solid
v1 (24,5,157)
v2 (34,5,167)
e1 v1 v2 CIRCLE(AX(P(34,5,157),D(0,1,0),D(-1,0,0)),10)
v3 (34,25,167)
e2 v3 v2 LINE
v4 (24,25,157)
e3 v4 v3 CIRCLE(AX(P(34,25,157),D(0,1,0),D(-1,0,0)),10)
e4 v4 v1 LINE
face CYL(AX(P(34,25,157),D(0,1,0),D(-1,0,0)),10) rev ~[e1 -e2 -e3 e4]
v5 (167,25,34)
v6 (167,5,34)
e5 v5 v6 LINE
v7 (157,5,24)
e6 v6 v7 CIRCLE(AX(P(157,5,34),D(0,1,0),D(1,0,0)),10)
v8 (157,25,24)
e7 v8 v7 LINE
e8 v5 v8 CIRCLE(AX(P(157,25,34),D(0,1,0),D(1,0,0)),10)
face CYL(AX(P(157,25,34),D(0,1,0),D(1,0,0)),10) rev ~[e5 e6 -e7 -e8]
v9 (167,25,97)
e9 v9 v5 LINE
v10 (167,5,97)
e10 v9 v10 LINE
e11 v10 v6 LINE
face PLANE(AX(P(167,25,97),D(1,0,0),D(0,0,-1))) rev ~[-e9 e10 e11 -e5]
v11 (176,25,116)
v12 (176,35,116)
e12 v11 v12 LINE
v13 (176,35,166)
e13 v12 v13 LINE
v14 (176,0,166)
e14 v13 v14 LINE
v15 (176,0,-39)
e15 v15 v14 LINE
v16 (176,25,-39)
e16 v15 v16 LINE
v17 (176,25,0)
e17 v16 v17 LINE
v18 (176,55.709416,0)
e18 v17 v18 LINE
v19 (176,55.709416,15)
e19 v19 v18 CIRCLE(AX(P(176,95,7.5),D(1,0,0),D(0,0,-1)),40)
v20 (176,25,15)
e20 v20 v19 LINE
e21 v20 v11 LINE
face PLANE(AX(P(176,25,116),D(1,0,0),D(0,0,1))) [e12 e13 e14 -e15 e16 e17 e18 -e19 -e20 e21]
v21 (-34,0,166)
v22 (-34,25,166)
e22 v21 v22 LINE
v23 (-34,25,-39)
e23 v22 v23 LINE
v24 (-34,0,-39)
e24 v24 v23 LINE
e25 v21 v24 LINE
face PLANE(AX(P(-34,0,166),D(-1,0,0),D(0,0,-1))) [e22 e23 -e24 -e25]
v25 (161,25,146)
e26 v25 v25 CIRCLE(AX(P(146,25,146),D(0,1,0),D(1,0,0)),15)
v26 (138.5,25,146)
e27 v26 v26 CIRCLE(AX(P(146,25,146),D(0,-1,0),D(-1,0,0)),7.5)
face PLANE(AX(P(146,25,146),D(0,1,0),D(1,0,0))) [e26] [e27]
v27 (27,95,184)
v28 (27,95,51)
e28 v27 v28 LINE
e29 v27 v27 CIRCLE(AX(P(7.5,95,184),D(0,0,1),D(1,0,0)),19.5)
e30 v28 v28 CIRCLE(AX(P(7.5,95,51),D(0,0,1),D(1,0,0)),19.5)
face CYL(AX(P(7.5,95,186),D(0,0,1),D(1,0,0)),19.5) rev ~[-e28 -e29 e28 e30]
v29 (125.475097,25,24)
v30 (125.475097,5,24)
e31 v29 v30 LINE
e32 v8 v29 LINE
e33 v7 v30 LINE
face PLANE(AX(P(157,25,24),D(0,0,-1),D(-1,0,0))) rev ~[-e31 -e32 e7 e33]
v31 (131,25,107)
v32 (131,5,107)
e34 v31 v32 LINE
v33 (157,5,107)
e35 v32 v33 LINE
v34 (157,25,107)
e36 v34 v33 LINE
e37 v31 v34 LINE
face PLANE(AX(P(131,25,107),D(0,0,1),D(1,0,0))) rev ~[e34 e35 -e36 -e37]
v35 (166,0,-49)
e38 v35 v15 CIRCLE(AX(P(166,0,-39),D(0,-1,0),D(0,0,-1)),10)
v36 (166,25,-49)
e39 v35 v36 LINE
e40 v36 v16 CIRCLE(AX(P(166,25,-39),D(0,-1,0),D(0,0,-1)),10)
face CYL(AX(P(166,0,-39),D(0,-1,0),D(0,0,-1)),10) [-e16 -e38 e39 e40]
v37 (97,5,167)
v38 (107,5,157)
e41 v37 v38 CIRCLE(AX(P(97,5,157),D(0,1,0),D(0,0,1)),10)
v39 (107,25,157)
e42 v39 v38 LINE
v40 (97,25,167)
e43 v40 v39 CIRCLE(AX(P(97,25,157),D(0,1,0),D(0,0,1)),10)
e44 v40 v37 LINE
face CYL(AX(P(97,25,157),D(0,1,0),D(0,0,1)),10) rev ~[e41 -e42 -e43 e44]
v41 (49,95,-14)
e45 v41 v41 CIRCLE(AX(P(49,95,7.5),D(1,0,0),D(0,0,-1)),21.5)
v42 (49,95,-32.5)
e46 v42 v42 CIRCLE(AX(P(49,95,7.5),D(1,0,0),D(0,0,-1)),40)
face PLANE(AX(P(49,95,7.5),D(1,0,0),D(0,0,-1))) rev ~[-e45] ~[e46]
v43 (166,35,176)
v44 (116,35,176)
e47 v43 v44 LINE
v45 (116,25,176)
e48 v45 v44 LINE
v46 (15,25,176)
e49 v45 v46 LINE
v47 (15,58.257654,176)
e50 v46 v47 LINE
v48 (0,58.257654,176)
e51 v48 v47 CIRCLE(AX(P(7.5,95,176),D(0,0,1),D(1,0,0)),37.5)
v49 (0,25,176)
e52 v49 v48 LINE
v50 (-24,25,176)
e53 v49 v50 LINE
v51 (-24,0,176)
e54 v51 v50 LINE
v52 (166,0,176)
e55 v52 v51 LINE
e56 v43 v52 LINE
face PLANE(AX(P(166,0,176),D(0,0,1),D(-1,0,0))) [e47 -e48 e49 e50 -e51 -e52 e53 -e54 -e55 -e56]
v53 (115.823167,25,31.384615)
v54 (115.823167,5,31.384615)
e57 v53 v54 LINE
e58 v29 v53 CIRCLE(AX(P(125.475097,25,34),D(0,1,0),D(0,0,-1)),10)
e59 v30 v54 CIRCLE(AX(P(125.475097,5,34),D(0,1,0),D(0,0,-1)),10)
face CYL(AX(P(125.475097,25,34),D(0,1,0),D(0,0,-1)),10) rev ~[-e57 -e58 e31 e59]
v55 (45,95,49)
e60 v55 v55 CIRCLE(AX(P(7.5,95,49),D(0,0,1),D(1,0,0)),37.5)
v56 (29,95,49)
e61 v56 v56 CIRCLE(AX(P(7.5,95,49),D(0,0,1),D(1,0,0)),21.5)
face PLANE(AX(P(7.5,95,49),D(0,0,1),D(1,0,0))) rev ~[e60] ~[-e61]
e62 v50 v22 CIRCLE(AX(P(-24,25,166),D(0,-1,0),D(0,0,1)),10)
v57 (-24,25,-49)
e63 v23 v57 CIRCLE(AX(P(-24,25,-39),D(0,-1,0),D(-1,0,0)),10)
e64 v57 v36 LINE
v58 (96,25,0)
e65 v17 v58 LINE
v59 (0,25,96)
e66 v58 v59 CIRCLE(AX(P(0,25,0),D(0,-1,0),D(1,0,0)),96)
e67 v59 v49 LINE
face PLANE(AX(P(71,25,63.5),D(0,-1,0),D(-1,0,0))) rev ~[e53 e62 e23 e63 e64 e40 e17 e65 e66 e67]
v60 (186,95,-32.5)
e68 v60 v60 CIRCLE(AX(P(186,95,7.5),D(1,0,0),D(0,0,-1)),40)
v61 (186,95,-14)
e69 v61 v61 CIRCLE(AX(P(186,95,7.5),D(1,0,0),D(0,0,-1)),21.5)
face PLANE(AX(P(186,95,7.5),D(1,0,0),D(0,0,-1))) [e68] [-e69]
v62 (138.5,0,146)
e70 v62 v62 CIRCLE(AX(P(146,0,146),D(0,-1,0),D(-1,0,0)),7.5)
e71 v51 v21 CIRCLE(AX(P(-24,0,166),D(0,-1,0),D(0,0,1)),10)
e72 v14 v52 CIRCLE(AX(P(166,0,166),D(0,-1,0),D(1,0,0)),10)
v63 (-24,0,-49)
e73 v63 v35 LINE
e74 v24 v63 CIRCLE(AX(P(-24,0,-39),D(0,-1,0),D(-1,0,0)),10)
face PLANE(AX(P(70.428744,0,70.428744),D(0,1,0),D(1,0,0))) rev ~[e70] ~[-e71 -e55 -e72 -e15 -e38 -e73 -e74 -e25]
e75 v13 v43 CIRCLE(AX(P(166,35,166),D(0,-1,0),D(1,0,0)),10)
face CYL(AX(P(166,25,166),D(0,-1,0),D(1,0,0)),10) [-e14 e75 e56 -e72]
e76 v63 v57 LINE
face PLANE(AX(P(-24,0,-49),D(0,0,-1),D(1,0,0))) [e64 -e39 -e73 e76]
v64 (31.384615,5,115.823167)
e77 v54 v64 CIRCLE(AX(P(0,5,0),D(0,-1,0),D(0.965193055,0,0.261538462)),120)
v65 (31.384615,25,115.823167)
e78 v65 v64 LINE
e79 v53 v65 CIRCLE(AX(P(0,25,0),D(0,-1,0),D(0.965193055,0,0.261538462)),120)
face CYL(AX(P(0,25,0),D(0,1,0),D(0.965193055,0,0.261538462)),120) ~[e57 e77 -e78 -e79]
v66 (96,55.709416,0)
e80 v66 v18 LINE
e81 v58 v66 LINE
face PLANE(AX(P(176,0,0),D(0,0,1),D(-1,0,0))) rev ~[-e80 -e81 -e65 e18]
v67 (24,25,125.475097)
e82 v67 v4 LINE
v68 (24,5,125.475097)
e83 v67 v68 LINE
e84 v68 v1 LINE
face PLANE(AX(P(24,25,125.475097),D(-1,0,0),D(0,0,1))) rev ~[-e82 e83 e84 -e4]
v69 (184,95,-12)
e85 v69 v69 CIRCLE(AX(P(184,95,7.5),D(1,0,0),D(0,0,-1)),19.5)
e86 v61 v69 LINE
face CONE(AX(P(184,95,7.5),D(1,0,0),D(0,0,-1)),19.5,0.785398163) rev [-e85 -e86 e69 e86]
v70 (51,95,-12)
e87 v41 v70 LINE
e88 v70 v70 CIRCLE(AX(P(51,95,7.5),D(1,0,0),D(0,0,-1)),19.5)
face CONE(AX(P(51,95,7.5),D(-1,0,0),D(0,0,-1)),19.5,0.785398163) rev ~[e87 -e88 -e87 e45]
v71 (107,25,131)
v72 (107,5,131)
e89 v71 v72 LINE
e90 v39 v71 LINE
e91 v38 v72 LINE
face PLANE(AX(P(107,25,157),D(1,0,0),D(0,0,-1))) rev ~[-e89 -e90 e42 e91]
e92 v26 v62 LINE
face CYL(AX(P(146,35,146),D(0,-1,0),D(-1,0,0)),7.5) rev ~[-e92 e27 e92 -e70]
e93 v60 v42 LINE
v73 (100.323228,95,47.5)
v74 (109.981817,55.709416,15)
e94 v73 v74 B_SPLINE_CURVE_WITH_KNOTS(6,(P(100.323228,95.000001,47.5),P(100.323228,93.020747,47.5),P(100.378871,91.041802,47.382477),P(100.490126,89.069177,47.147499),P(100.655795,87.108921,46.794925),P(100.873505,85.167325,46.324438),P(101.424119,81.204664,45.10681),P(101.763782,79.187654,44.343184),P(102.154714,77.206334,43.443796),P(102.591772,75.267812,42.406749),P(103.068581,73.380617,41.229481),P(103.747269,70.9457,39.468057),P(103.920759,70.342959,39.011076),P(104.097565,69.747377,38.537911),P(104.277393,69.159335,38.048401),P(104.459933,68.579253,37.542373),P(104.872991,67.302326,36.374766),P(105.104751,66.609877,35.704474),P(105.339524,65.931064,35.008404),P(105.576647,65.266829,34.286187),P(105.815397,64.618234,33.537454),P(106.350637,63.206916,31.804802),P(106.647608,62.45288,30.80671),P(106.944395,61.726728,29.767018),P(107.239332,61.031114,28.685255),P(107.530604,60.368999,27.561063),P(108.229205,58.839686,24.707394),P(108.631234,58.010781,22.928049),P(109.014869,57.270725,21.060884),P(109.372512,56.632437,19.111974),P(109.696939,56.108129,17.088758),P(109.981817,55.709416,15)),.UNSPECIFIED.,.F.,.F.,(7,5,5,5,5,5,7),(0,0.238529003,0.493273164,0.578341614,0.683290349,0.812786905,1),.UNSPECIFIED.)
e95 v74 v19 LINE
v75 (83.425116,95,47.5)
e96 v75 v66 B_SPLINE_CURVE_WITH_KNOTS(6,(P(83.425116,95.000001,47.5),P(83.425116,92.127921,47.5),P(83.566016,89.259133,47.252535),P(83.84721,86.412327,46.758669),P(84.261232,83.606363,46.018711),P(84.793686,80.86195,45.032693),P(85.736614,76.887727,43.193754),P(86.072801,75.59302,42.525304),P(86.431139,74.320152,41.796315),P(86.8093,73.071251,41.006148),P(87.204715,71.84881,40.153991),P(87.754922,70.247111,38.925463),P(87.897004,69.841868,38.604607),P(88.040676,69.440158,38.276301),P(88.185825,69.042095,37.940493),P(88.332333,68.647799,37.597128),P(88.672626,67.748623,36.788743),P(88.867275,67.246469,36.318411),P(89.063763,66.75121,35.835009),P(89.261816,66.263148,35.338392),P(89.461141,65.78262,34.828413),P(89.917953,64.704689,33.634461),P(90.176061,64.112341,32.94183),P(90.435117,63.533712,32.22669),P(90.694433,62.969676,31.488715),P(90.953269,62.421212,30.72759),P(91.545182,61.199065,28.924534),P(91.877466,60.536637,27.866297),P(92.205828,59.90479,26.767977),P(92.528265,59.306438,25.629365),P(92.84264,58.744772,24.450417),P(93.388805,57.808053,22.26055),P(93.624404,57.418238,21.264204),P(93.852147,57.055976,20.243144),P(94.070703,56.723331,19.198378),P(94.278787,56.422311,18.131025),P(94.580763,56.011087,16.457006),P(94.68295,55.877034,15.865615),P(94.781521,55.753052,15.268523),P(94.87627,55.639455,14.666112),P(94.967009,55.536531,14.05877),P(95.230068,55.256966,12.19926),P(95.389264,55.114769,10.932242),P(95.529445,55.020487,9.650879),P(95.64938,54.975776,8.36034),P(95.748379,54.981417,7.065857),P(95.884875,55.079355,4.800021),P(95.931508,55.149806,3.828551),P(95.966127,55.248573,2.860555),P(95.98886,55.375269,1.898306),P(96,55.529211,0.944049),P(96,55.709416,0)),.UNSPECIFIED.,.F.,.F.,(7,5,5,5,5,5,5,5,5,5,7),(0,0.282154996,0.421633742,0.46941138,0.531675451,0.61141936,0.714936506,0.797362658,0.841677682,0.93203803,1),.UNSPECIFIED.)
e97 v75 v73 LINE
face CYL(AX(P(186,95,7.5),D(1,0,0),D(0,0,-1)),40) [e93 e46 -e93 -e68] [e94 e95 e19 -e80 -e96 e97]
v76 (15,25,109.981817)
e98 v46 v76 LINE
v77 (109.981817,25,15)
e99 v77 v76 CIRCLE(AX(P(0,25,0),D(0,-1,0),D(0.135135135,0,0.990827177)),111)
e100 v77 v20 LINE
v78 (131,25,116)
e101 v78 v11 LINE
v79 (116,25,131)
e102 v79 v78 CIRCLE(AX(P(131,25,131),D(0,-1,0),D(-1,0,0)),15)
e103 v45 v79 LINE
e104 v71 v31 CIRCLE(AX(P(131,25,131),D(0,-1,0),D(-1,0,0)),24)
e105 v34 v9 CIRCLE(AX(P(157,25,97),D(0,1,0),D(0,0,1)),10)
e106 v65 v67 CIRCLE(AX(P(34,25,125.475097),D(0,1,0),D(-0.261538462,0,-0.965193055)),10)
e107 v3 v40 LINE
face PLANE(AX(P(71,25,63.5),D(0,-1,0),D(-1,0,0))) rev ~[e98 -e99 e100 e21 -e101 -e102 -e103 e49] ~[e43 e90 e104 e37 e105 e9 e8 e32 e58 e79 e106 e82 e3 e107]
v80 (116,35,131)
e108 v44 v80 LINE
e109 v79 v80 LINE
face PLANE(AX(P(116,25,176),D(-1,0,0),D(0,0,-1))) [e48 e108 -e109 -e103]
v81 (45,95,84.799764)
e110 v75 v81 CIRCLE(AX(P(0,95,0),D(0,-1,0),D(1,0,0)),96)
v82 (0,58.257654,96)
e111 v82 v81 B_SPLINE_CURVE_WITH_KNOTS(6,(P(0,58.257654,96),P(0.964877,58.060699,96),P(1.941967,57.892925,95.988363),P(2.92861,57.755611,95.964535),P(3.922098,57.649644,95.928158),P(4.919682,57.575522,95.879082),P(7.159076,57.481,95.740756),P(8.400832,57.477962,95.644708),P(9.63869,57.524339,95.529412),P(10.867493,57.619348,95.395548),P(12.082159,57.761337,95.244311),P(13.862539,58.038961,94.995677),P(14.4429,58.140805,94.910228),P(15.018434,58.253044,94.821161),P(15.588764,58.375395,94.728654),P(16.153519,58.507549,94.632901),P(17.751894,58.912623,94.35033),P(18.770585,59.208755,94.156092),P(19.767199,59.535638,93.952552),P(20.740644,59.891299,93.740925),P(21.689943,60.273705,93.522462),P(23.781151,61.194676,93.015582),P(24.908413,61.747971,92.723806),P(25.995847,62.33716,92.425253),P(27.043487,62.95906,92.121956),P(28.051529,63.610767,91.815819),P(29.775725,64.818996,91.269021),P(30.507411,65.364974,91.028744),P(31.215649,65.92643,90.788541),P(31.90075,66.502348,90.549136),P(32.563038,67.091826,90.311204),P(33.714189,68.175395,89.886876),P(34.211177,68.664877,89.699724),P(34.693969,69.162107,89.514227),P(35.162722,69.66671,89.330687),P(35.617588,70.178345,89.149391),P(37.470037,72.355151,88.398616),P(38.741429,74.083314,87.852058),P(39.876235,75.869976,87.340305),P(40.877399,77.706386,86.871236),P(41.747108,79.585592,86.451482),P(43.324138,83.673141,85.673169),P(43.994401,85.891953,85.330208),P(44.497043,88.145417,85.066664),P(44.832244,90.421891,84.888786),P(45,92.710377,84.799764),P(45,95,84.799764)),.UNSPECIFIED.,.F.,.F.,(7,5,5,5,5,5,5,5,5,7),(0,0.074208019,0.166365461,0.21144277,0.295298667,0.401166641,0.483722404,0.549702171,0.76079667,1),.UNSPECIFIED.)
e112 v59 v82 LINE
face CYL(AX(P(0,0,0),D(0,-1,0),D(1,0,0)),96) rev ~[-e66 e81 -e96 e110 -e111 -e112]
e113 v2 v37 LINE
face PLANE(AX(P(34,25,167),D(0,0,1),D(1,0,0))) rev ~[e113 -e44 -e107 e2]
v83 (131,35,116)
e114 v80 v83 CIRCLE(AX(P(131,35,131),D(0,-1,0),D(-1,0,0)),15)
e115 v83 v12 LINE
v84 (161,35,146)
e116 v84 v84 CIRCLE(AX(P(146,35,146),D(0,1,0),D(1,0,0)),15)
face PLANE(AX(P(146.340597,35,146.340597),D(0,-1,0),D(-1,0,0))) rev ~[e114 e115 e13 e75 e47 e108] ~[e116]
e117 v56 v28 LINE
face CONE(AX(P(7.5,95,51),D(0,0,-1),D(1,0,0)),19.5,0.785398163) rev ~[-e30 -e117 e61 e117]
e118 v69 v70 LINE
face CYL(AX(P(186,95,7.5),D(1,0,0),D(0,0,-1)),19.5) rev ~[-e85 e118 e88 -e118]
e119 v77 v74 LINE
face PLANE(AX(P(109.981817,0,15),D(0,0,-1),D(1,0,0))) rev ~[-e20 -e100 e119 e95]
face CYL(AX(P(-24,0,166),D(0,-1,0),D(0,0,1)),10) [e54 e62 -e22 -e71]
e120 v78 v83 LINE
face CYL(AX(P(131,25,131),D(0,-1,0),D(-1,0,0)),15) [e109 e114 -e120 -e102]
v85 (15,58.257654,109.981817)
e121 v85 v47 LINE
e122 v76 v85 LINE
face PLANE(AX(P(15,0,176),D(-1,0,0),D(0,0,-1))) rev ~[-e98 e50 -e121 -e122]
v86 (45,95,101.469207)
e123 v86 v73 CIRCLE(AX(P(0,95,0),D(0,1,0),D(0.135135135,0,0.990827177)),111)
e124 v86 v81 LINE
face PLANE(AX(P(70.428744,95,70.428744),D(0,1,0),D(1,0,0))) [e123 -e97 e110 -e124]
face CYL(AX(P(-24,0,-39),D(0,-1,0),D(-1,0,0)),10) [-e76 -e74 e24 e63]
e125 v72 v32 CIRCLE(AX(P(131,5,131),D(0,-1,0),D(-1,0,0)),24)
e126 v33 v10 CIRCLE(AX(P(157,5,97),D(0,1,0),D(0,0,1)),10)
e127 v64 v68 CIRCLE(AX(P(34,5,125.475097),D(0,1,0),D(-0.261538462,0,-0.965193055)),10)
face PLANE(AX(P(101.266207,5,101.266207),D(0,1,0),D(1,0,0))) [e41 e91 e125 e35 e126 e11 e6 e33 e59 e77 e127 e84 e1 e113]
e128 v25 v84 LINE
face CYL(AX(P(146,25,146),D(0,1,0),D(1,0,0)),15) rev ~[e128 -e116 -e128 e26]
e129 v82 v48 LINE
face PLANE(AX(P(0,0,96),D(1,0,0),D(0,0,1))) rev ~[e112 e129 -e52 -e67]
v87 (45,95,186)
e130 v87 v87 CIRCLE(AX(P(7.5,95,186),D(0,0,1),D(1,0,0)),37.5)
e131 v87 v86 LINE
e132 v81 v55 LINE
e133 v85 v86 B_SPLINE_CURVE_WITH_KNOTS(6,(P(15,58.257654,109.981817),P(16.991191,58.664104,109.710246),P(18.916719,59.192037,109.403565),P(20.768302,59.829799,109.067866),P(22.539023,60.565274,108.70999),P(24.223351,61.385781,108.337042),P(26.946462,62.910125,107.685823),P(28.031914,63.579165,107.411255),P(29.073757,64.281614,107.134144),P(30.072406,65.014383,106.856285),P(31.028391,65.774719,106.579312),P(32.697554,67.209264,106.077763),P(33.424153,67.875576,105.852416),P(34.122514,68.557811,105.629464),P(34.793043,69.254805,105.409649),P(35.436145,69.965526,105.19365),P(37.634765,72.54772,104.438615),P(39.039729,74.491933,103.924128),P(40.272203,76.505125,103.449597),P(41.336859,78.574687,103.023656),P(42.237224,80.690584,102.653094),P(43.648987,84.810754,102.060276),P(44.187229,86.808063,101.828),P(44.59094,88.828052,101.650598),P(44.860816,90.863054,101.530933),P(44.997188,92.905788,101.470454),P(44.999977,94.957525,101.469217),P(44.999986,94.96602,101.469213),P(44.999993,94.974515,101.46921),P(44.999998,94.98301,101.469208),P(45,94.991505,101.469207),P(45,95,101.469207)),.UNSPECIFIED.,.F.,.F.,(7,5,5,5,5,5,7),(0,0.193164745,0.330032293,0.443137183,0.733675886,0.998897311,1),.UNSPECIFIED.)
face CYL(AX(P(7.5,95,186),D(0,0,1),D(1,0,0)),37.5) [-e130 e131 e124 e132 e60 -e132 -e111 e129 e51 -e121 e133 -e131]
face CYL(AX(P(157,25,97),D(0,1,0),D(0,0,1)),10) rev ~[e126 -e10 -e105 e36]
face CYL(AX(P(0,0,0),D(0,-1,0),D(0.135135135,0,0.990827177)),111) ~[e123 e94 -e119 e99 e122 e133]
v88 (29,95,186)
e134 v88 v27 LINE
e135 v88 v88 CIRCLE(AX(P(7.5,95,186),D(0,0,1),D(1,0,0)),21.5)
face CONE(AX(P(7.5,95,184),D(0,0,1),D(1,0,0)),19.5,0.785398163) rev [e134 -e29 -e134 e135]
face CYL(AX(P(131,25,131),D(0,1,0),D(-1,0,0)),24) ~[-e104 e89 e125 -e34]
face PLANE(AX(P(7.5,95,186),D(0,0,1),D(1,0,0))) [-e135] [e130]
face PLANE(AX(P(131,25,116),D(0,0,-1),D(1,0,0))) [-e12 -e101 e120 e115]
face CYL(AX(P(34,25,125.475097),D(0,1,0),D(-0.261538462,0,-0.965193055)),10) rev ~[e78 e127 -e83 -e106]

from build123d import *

# Parameters (mm, degrees)
BOSS_EXTRUDE1_DEPTH                     = 25
BOSS_EXTRUDE2_START                     = -25
BOSS_EXTRUDE2_DEPTH                     = 95
BOSS_EXTRUDE3_DEPTH                     = 10
CBORE_FOR_M8_HEX_HEAD_BOLT1_D           = 15
CBORE_FOR_M8_HEX_HEAD_BOLT1_CBORE_D     = 30
CBORE_FOR_M8_HEX_HEAD_BOLT1_CBORE_DEPTH = 10
CUT_EXTRUDE1_DEPTH                      = 20
BOSS_EXTRUDE4_START                     = 10
SKETCH7_R                               = 37.5
BOSS_EXTRUDE4_DEPTH                     = 137
BOSS_EXTRUDE5_START                     = 10
SKETCH8_R                               = 40
BOSS_EXTRUDE5_DEPTH                     = 137
CUT_EXTRUDE2_REACH                      = 330.704
SKETCH9_R                               = 19.5
CUT_EXTRUDE3_REACH                      = 320.152
SKETCH10_R                              = 19.5
CHAMFER1_SIZE                           = 2


with BuildPart() as part:
    # Sketch1 → Boss-Extrude1 (new body)
    with BuildSketch(Plane(origin=(0, 0, 0), x_dir=(1, 0, 0), z_dir=(0, 1, 0))):
        with BuildLine():
            Line((-24, 49), (166, 49))
            ThreePointArc((166, 49), (173.071067812, 46.071067812), (176, 39))
            Line((176, 39), (176, -166))
            ThreePointArc((176, -166), (173.071067812, -173.071067812), (166, -176))
            Line((166, -176), (-24, -176))
            ThreePointArc((-24, -176), (-31.071067812, -173.071067812), (-34, -166))
            Line((-34, -166), (-34, 39))
            ThreePointArc((-34, 39), (-31.071067812, 46.071067812), (-24, 49))
        make_face()
    extrude(amount=BOSS_EXTRUDE1_DEPTH)

    # Sketch2 → Boss-Extrude2 (add)
    with BuildSketch(Plane(origin=(0, 25, 0), x_dir=(1, 0, 0), z_dir=(0, 1, 0)).offset(BOSS_EXTRUDE2_START)):
        with BuildLine():
            Line((0, -96), (0, -176))
            Line((0, -176), (15, -176))
            Line((15, -176), (15, -109.981816679))
            ThreePointArc((15, -109.981816679), (78.488852712, -78.488852712), (109.981816679, -15))
            Line((109.981816679, -15), (176, -15))
            Line((176, -15), (176, 0))
            Line((176, 0), (96, 0))
            ThreePointArc((96, 0), (67.882250994, -67.882250994), (0, -96))
        make_face()
    extrude(amount=BOSS_EXTRUDE2_DEPTH)

    # Sketch3 → Boss-Extrude3 (add)
    with BuildSketch(Plane(origin=(0, 25, 0), x_dir=(1, 0, 0), z_dir=(0, 1, 0))):
        with BuildLine():
            Line((131, -116), (176, -116))
            Line((176, -116), (176, -166))
            ThreePointArc((176, -166), (173.071067812, -173.071067812), (166, -176))
            Line((166, -176), (116, -176))
            Line((116, -176), (116, -131))
            ThreePointArc((116, -131), (120.393398282, -120.393398282), (131, -116))
        make_face()
    extrude(amount=BOSS_EXTRUDE3_DEPTH)

    # CBORE for M8 Hex Head Bolt1 (through all)
    with Locations(Plane(origin=(0, 35, 0), x_dir=(1, 0, 0), z_dir=(0, 1, 0))):
        with Locations((146, -146)):
            CounterBoreHole(CBORE_FOR_M8_HEX_HEAD_BOLT1_D / 2, CBORE_FOR_M8_HEX_HEAD_BOLT1_CBORE_D / 2, CBORE_FOR_M8_HEX_HEAD_BOLT1_CBORE_DEPTH)

    # Sketch6 → Cut-Extrude1 (cut)
    with BuildSketch(Plane(origin=(0, 25, 0), x_dir=(1, 0, 0), z_dir=(0, 1, 0))):
        with BuildLine():
            Line((107, -157), (107, -131))
            ThreePointArc((107, -131), (114.029437252, -114.029437252), (131, -107))
            Line((131, -107), (157, -107))
            ThreePointArc((157, -107), (164.071067812, -104.071067812), (167, -97))
            Line((167, -97), (167, -34))
            ThreePointArc((167, -34), (164.071067812, -26.928932188), (157, -24))
            Line((157, -24), (125.475097131, -24))
            ThreePointArc((125.475097131, -24), (119.398660928, -26.057901847), (115.823166582, -31.384615385))
            ThreePointArc((115.823166582, -31.384615385), (84.852813742, -84.852813742), (31.384615385, -115.823166582))
            ThreePointArc((31.384615385, -115.823166582), (26.057901847, -119.398660928), (24, -125.475097131))
            Line((24, -125.475097131), (24, -157))
            ThreePointArc((24, -157), (26.928932188, -164.071067812), (34, -167))
            Line((34, -167), (97, -167))
            ThreePointArc((97, -167), (104.071067812, -164.071067812), (107, -157))
        make_face()
    extrude(amount=-CUT_EXTRUDE1_DEPTH, mode=Mode.SUBTRACT)

    # Sketch7 → Boss-Extrude4 (add)
    with BuildSketch(Plane.XY.offset(176).offset(BOSS_EXTRUDE4_START)):
        with Locations((7.5, 95)):
            Circle(SKETCH7_R)
    extrude(amount=-BOSS_EXTRUDE4_DEPTH)

    # Sketch8 → Boss-Extrude5 (add)
    with BuildSketch(Plane(origin=(176, 0, 0), x_dir=(0, 0, -1), z_dir=(1, 0, 0)).offset(BOSS_EXTRUDE5_START)):
        with Locations((-7.5, 95)):
            Circle(SKETCH8_R)
    extrude(amount=-BOSS_EXTRUDE5_DEPTH)

    # Sketch9 → Cut-Extrude2 (cut, up to next)
    with BuildSketch(Plane.XY.offset(186), mode=Mode.PRIVATE) as cut_extrude2_sk1:
        with Locations((7.5, 95)):
            Circle(SKETCH9_R)
    cut_extrude2_tool1 = extrude(cut_extrude2_sk1.sketch, amount=-CUT_EXTRUDE2_REACH, mode=Mode.PRIVATE) & part.part
    add(cut_extrude2_tool1.solids().sort_by_distance((7.5, 95, 186))[0], mode=Mode.SUBTRACT)

    # Sketch10 → Cut-Extrude3 (cut, up to next)
    with BuildSketch(Plane(origin=(186, 0, 0), x_dir=(0, 0, -1), z_dir=(1, 0, 0)), mode=Mode.PRIVATE) as cut_extrude3_sk1:
        with Locations((-7.5, 95)):
            Circle(SKETCH10_R)
    cut_extrude3_tool1 = extrude(cut_extrude3_sk1.sketch, amount=-CUT_EXTRUDE3_REACH, mode=Mode.PRIVATE) & part.part
    add(cut_extrude3_tool1.solids().sort_by_distance((186, 95, 7.5))[0], mode=Mode.SUBTRACT)

    # Chamfer1
    chamfer1_edges = [part.edges().sort_by_distance(p)[0] for p in [
        (-12, 95, 186),
        (-12, 95, 49),
        (186, 95, 27),
        (49, 95, 27),
    ]]
    chamfer(chamfer1_edges, length=CHAMFER1_SIZE)


solid = part.part
